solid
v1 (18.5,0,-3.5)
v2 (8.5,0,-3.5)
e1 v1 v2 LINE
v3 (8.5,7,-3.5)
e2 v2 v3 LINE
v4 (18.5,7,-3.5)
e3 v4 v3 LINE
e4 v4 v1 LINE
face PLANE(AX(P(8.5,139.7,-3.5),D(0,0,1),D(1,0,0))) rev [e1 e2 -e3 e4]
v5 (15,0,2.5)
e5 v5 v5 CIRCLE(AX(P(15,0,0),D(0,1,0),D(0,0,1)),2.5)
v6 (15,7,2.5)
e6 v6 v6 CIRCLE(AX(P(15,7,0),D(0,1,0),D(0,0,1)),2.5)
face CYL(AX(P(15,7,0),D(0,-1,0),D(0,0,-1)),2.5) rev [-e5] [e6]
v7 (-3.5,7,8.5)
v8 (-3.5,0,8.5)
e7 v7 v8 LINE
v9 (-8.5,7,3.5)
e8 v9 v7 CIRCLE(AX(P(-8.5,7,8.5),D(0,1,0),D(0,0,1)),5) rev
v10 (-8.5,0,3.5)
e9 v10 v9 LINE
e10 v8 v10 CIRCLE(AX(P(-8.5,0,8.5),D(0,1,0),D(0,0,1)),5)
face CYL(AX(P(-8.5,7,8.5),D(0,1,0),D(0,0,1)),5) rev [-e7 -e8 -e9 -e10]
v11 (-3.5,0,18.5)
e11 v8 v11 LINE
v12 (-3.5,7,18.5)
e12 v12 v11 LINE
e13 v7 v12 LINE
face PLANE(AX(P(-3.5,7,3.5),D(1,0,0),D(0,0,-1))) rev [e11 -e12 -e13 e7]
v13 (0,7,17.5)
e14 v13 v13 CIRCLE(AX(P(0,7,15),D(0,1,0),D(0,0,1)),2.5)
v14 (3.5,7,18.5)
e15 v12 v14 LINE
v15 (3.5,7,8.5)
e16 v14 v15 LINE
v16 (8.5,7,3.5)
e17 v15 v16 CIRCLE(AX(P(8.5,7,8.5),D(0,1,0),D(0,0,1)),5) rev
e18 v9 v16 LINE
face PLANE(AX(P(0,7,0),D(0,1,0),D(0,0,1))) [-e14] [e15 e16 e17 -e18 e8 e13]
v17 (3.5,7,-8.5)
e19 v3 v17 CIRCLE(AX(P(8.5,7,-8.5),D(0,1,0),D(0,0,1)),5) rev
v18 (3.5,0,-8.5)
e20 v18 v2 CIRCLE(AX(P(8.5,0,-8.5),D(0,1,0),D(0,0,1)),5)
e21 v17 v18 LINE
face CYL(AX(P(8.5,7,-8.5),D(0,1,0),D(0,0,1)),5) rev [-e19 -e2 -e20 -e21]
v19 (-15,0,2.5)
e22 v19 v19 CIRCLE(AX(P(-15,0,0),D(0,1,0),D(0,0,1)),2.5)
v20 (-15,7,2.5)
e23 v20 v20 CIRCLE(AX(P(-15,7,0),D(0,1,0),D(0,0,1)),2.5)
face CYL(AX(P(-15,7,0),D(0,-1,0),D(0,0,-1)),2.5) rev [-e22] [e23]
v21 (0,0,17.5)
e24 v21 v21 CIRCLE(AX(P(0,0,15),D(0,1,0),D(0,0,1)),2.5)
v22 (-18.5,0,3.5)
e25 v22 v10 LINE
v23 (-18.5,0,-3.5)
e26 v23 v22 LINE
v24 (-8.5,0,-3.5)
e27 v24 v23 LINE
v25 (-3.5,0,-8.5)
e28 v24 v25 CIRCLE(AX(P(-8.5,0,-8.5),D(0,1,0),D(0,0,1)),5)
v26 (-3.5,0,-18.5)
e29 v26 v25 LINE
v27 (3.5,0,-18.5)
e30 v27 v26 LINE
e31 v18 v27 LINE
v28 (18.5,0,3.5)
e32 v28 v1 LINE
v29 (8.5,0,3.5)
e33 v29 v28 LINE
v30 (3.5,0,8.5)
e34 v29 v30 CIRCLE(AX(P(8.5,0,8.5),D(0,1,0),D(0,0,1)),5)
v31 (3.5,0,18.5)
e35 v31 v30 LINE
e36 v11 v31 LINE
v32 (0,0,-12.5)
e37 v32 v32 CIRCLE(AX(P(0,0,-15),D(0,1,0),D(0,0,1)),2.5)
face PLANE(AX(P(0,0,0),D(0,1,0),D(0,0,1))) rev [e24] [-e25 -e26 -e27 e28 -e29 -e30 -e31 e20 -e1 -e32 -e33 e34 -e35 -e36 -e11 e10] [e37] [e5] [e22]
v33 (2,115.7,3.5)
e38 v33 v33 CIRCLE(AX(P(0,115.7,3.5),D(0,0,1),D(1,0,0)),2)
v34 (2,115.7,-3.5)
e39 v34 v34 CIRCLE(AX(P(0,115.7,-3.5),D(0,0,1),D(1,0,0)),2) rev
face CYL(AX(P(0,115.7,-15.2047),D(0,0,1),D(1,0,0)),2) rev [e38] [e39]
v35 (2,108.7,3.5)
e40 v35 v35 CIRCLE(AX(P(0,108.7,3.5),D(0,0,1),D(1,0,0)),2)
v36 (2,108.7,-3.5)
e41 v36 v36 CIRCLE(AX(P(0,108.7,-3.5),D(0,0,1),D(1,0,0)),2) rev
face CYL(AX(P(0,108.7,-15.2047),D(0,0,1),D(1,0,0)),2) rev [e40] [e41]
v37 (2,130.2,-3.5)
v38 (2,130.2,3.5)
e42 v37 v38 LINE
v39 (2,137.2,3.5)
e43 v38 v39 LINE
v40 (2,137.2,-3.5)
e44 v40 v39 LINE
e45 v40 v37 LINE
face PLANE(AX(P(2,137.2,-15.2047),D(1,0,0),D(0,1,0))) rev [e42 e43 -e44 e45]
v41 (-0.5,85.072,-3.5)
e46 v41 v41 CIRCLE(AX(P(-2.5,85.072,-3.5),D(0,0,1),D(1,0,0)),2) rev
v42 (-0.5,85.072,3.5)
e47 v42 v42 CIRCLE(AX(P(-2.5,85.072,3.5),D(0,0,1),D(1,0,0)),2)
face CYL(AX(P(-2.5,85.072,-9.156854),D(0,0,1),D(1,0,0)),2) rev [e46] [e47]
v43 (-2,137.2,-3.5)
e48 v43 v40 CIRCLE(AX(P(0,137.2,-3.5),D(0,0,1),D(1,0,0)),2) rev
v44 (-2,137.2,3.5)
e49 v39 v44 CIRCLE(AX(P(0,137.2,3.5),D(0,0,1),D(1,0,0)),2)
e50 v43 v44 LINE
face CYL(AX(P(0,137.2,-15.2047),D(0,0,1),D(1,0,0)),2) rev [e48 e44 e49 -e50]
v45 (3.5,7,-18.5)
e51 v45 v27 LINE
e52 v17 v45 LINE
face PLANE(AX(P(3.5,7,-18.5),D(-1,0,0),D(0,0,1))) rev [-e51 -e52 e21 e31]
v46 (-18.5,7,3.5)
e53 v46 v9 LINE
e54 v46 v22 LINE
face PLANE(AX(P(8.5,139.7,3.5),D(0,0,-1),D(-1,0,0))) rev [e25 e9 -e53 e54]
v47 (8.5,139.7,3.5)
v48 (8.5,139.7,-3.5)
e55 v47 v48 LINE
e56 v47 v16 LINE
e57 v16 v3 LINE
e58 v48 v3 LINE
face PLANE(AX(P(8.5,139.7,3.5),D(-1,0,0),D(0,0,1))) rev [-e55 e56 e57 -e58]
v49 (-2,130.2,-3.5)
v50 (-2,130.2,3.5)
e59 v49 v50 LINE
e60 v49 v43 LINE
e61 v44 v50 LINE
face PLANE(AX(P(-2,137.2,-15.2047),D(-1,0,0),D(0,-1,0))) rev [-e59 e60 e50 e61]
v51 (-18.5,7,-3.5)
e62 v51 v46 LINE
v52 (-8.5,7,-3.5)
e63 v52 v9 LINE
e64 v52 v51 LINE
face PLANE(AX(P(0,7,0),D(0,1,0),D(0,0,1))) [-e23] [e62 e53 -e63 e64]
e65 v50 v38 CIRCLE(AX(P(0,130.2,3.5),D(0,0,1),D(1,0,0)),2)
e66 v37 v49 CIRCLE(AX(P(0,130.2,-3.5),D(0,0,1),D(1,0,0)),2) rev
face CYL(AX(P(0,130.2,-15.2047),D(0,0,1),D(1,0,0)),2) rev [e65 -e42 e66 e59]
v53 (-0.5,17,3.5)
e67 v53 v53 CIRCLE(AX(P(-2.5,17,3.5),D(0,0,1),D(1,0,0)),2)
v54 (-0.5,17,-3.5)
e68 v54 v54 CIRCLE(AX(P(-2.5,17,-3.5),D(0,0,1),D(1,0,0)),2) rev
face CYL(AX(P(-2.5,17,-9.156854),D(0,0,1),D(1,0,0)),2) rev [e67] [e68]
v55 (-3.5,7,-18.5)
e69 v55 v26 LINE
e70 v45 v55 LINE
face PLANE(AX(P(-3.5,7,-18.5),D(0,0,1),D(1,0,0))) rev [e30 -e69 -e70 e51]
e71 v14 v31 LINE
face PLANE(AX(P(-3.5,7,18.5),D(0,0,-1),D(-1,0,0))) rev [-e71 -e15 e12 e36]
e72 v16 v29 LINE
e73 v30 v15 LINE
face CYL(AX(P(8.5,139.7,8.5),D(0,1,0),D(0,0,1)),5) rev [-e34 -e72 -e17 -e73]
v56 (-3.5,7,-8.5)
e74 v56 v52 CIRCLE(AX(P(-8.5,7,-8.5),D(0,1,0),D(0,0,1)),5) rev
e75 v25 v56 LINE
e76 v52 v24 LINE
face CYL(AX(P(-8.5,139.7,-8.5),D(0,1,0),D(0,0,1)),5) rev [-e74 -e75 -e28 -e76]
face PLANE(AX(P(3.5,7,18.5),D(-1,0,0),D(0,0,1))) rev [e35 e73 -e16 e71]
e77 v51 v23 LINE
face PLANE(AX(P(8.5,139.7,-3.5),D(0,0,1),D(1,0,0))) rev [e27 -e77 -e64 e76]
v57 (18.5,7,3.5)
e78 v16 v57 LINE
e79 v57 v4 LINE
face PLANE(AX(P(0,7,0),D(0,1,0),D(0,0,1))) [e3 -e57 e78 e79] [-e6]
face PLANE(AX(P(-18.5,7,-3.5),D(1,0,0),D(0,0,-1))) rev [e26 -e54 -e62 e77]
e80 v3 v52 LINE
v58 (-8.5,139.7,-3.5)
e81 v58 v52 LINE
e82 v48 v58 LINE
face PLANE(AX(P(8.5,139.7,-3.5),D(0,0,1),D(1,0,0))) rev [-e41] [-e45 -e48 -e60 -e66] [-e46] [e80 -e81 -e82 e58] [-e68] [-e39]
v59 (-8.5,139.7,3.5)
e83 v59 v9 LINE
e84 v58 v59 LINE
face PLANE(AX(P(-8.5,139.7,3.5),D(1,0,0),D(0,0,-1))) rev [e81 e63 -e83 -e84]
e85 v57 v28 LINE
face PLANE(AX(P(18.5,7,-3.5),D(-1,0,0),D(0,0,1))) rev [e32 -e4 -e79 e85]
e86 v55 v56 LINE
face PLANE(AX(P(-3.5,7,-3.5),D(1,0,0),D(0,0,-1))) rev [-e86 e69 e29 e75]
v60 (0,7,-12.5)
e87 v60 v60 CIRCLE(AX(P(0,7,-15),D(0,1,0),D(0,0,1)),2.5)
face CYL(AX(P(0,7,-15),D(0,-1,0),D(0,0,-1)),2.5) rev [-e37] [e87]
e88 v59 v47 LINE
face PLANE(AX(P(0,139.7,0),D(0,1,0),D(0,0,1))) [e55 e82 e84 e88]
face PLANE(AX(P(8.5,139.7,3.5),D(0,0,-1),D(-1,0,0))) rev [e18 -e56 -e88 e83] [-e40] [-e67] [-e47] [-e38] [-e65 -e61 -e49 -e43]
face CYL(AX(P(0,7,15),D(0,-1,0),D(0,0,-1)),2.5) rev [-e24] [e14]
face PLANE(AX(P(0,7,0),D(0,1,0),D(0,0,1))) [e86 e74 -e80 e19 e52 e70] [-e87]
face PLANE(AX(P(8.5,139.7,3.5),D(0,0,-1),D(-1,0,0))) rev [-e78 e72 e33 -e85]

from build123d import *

# Parameters (mm, degrees)
SKETCH1_W           = 17
SKETCH1_H           = 7
BOSS_EXTRUDE1_DEPTH = 139.7
SKETCH2_R           = 2.5
BOSS_EXTRUDE2_DEPTH = 7
FILLET1_R           = 5
SKETCH3_R           = 2
CUT_EXTRUDE1_DEPTH  = 7
SKETCH4_R           = 2
CUT_EXTRUDE2_DEPTH  = 7


with BuildPart() as part:
    # Sketch1 → Boss-Extrude1 (new body)
    with BuildSketch(Plane(origin=(0, 0, 0), x_dir=(1, 0, 0), z_dir=(0, 1, 0))):
        Rectangle(SKETCH1_W, SKETCH1_H)
    extrude(amount=BOSS_EXTRUDE1_DEPTH)

    # Sketch2 → Boss-Extrude2 (add)
    with BuildSketch(Plane(origin=(0, 0, 0), x_dir=(1, 0, 0), z_dir=(0, 1, 0))):
        Polygon((-3.5, 3.5), (-3.5, 18.5), (3.5, 18.5), (3.5, 3.5), (8.5, 3.5), (18.5, 3.5), (18.5, -3.5), (8.5, -3.5), (3.5, -3.5), (3.5, -18.5), (-3.5, -18.5), (-3.5, -3.5), (-8.5, -3.5), (-18.5, -3.5), (-18.5, 3.5), (-8.5, 3.5), align=None)
        with Locations((0, 15)):
            Circle(SKETCH2_R, mode=Mode.SUBTRACT)
        with Locations((15, 0)):
            Circle(SKETCH2_R, mode=Mode.SUBTRACT)
        with Locations((0, -15)):
            Circle(SKETCH2_R, mode=Mode.SUBTRACT)
        with Locations((-15, 0)):
            Circle(SKETCH2_R, mode=Mode.SUBTRACT)
    extrude(amount=BOSS_EXTRUDE2_DEPTH)

    # Fillet1
    fillet1_edges = [part.edges().sort_by_distance(p)[0] for p in [
        (-3.5, 3.5, 3.5),
        (3.5, 3.5, 3.5),
        (3.5, 3.5, -3.5),
        (-3.5, 3.5, -3.5),
    ]]
    fillet(fillet1_edges, radius=FILLET1_R)

    # Sketch3 → Cut-Extrude1 (cut)
    with BuildSketch(Plane.XY.offset(3.5)):
        with Locations((-2.5, 85.072)):
            Circle(SKETCH3_R)
        with Locations((-2.5, 17)):
            Circle(SKETCH3_R)
    extrude(amount=-CUT_EXTRUDE1_DEPTH, mode=Mode.SUBTRACT)

    # Sketch4 → Cut-Extrude2 (cut)
    with BuildSketch(Plane.XY.offset(3.5)):
        with Locations((0, 115.7)):
            Circle(SKETCH4_R)
        with Locations((0, 108.7)):
            Circle(SKETCH4_R)
        with BuildLine():
            Line((2, 137.2), (2, 130.2))
            ThreePointArc((2, 130.2), (0, 128.2), (-2, 130.2))
            Line((-2, 130.2), (-2, 137.2))
            ThreePointArc((-2, 137.2), (0, 139.2), (2, 137.2))
        make_face()
    extrude(amount=-CUT_EXTRUDE2_DEPTH, mode=Mode.SUBTRACT)


solid = part.part
